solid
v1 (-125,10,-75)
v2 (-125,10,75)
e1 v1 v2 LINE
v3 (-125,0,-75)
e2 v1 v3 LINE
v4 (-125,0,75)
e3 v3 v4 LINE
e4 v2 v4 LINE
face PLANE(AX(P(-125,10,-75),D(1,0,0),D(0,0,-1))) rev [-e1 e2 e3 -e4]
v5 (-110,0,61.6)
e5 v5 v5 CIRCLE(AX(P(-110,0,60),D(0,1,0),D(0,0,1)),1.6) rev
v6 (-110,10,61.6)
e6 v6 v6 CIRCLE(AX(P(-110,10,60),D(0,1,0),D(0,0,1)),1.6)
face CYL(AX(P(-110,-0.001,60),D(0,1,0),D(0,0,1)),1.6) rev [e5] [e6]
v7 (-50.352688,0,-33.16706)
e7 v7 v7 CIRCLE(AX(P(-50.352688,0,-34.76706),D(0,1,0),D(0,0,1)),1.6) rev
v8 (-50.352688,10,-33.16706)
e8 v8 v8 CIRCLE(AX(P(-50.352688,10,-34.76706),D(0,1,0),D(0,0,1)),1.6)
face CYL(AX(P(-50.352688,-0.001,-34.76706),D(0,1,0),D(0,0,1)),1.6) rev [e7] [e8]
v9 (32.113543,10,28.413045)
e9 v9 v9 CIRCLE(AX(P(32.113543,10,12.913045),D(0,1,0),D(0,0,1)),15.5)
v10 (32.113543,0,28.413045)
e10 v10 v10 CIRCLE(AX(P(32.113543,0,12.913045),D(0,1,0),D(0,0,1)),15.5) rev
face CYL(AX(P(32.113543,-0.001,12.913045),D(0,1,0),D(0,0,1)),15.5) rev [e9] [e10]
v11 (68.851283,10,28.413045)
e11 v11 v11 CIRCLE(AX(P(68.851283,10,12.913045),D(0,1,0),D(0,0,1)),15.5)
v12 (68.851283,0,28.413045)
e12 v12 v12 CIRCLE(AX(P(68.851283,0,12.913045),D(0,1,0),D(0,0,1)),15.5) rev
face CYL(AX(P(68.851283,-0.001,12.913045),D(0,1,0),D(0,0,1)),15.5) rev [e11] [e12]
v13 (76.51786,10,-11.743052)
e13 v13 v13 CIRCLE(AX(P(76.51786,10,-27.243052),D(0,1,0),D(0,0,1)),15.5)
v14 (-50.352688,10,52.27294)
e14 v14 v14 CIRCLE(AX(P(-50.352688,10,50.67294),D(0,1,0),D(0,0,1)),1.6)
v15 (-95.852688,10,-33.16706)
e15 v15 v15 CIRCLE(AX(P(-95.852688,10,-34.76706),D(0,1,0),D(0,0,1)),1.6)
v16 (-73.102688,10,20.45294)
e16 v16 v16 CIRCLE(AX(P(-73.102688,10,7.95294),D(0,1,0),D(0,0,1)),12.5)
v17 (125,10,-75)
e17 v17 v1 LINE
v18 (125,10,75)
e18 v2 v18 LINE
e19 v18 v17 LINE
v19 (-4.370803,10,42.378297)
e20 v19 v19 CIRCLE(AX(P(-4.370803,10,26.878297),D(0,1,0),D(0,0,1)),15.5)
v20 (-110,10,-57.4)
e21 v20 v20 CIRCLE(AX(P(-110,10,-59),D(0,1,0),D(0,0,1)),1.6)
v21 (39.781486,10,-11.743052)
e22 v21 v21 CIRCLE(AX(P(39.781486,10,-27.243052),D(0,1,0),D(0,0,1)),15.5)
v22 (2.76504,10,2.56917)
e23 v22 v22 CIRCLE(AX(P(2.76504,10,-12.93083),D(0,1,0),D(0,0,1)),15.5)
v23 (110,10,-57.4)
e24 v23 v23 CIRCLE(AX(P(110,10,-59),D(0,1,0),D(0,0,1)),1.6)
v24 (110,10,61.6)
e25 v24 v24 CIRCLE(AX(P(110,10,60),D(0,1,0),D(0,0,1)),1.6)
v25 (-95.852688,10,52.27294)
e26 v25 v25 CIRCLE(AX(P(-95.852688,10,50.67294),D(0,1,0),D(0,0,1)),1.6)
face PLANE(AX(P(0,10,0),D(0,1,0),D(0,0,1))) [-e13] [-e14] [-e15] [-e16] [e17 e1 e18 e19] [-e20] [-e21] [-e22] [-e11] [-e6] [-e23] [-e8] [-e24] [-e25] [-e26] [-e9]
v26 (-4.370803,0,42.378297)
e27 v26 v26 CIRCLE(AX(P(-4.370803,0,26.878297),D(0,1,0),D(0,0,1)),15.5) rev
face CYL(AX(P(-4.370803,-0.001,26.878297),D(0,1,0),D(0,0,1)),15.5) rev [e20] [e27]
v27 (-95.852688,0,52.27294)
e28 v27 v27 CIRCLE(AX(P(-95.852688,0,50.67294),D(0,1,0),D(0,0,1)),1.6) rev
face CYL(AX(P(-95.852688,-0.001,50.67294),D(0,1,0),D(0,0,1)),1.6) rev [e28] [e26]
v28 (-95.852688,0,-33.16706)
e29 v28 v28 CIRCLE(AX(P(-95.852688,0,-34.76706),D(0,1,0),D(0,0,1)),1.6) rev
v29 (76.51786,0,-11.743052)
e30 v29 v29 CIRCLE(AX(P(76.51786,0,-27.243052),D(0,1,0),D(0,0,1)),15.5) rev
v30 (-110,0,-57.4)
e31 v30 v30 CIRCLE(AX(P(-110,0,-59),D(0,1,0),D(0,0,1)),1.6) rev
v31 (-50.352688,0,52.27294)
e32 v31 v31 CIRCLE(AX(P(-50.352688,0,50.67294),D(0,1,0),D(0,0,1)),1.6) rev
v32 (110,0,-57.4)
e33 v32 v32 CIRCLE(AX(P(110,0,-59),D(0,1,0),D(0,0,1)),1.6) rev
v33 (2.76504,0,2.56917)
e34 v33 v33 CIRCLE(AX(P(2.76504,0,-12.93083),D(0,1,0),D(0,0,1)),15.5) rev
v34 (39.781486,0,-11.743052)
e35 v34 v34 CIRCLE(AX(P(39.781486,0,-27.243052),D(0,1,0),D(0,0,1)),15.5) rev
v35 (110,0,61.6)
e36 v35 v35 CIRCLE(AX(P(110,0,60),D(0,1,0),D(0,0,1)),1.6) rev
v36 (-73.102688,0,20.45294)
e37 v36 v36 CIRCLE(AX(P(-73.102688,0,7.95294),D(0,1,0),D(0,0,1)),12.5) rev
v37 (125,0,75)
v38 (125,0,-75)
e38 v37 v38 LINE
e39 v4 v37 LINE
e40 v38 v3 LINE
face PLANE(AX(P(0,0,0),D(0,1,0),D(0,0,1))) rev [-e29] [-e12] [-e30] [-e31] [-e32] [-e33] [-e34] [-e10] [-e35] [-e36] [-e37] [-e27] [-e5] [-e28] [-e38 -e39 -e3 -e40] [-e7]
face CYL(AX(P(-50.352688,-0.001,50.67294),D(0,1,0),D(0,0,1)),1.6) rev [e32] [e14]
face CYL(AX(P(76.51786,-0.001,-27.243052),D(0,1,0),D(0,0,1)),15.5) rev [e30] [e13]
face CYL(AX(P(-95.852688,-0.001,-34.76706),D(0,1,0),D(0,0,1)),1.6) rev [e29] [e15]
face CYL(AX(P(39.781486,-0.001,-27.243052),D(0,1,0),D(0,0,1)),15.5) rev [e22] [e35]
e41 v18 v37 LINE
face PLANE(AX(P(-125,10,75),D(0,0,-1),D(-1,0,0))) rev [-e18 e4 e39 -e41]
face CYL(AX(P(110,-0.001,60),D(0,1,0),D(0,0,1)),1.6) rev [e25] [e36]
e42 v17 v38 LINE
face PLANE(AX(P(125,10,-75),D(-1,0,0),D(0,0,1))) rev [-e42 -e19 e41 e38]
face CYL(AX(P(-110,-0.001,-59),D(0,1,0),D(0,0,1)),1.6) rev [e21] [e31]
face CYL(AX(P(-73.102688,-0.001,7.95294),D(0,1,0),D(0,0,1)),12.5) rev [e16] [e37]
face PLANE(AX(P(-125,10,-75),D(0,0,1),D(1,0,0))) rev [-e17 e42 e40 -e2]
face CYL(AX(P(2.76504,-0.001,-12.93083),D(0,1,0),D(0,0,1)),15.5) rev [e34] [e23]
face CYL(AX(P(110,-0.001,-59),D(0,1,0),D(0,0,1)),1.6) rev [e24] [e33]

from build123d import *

# Parameters (mm, degrees)
CROQUIS1_W              = 250
CROQUIS1_H              = 150
SALIENTE_EXTRUIR1_DEPTH = 10
CORTAR_EXTRUIR1_REACH   = 12
CROQUIS2_R              = 12.5
CROQUIS2_R_2            = 15.5
CORTAR_EXTRUIR2_REACH   = 12
CROQUIS3_R              = 1.6


with BuildPart() as part:
    # Croquis1 → Saliente-Extruir1 (new body)
    with BuildSketch(Plane(origin=(0, 0, 0), x_dir=(1, 0, 0), z_dir=(0, 1, 0))):
        Rectangle(CROQUIS1_W, CROQUIS1_H)
    extrude(amount=SALIENTE_EXTRUIR1_DEPTH)

    # Croquis2 → Cortar-Extruir1 (cut, up to next)
    with BuildSketch(Plane(origin=(0, 10, 0), x_dir=(1, 0, 0), z_dir=(0, 1, 0)), mode=Mode.PRIVATE) as cortar_extruir1_sk1:
        with Locations((-73.102687588, -7.952940163)):
            Circle(CROQUIS2_R)
    cortar_extruir1_tool1 = extrude(cortar_extruir1_sk1.sketch, amount=-CORTAR_EXTRUIR1_REACH, mode=Mode.PRIVATE) & part.part
    add(cortar_extruir1_tool1.solids().sort_by_distance((-73.102688, 10, 7.95294))[0], mode=Mode.SUBTRACT)
    # Croquis2 → Cortar-Extruir1 (cut, up to next)
    with BuildSketch(Plane(origin=(0, 10, 0), x_dir=(1, 0, 0), z_dir=(0, 1, 0)), mode=Mode.PRIVATE) as cortar_extruir1_sk2:
        with Locations((-4.370803181, -26.878296525)):
            Circle(CROQUIS2_R_2)
    cortar_extruir1_tool2 = extrude(cortar_extruir1_sk2.sketch, amount=-CORTAR_EXTRUIR1_REACH, mode=Mode.PRIVATE) & part.part
    add(cortar_extruir1_tool2.solids().sort_by_distance((-4.370803, 10, 26.878297))[0], mode=Mode.SUBTRACT)
    # Croquis2 → Cortar-Extruir1 (cut, up to next)
    with BuildSketch(Plane(origin=(0, 10, 0), x_dir=(1, 0, 0), z_dir=(0, 1, 0)), mode=Mode.PRIVATE) as cortar_extruir1_sk3:
        with Locations((2.765040009, 12.93083036)):
            Circle(CROQUIS2_R_2)
    cortar_extruir1_tool3 = extrude(cortar_extruir1_sk3.sketch, amount=-CORTAR_EXTRUIR1_REACH, mode=Mode.PRIVATE) & part.part
    add(cortar_extruir1_tool3.solids().sort_by_distance((2.76504, 10, -12.93083))[0], mode=Mode.SUBTRACT)
    # Croquis2 → Cortar-Extruir1 (cut, up to next)
    with BuildSketch(Plane(origin=(0, 10, 0), x_dir=(1, 0, 0), z_dir=(0, 1, 0)), mode=Mode.PRIVATE) as cortar_extruir1_sk4:
        with Locations((39.781486463, 27.243051559)):
            Circle(CROQUIS2_R_2)
    cortar_extruir1_tool4 = extrude(cortar_extruir1_sk4.sketch, amount=-CORTAR_EXTRUIR1_REACH, mode=Mode.PRIVATE) & part.part
    add(cortar_extruir1_tool4.solids().sort_by_distance((39.781486, 10, -27.243052))[0], mode=Mode.SUBTRACT)
    # Croquis2 → Cortar-Extruir1 (cut, up to next)
    with BuildSketch(Plane(origin=(0, 10, 0), x_dir=(1, 0, 0), z_dir=(0, 1, 0)), mode=Mode.PRIVATE) as cortar_extruir1_sk5:
        with Locations((76.517860202, 27.243051559)):
            Circle(CROQUIS2_R_2)
    cortar_extruir1_tool5 = extrude(cortar_extruir1_sk5.sketch, amount=-CORTAR_EXTRUIR1_REACH, mode=Mode.PRIVATE) & part.part
    add(cortar_extruir1_tool5.solids().sort_by_distance((76.51786, 10, -27.243052))[0], mode=Mode.SUBTRACT)
    # Croquis2 → Cortar-Extruir1 (cut, up to next)
    with BuildSketch(Plane(origin=(0, 10, 0), x_dir=(1, 0, 0), z_dir=(0, 1, 0)), mode=Mode.PRIVATE) as cortar_extruir1_sk6:
        with Locations((68.851282971, -12.913044543)):
            Circle(CROQUIS2_R_2)
    cortar_extruir1_tool6 = extrude(cortar_extruir1_sk6.sketch, amount=-CORTAR_EXTRUIR1_REACH, mode=Mode.PRIVATE) & part.part
    add(cortar_extruir1_tool6.solids().sort_by_distance((68.851283, 10, 12.913045))[0], mode=Mode.SUBTRACT)
    # Croquis2 → Cortar-Extruir1 (cut, up to next)
    with BuildSketch(Plane(origin=(0, 10, 0), x_dir=(1, 0, 0), z_dir=(0, 1, 0)), mode=Mode.PRIVATE) as cortar_extruir1_sk7:
        with Locations((32.113542958, -12.913044543)):
            Circle(CROQUIS2_R_2)
    cortar_extruir1_tool7 = extrude(cortar_extruir1_sk7.sketch, amount=-CORTAR_EXTRUIR1_REACH, mode=Mode.PRIVATE) & part.part
    add(cortar_extruir1_tool7.solids().sort_by_distance((32.113543, 10, 12.913045))[0], mode=Mode.SUBTRACT)

    # Croquis3 → Cortar-Extruir2 (cut, up to next)
    with BuildSketch(Plane(origin=(0, 10, 0), x_dir=(1, 0, 0), z_dir=(0, 1, 0)), mode=Mode.PRIVATE) as cortar_extruir2_sk1:
        with Locations((-110, 59)):
            Circle(CROQUIS3_R)
    cortar_extruir2_tool1 = extrude(cortar_extruir2_sk1.sketch, amount=-CORTAR_EXTRUIR2_REACH, mode=Mode.PRIVATE) & part.part
    add(cortar_extruir2_tool1.solids().sort_by_distance((-110, 10, -59))[0], mode=Mode.SUBTRACT)
    # Croquis3 → Cortar-Extruir2 (cut, up to next)
    with BuildSketch(Plane(origin=(0, 10, 0), x_dir=(1, 0, 0), z_dir=(0, 1, 0)), mode=Mode.PRIVATE) as cortar_extruir2_sk2:
        with Locations((110, 59)):
            Circle(CROQUIS3_R)
    cortar_extruir2_tool2 = extrude(cortar_extruir2_sk2.sketch, amount=-CORTAR_EXTRUIR2_REACH, mode=Mode.PRIVATE) & part.part
    add(cortar_extruir2_tool2.solids().sort_by_distance((110, 10, -59))[0], mode=Mode.SUBTRACT)
    # Croquis3 → Cortar-Extruir2 (cut, up to next)
    with BuildSketch(Plane(origin=(0, 10, 0), x_dir=(1, 0, 0), z_dir=(0, 1, 0)), mode=Mode.PRIVATE) as cortar_extruir2_sk3:
        with Locations((110, -60)):
            Circle(CROQUIS3_R)
    cortar_extruir2_tool3 = extrude(cortar_extruir2_sk3.sketch, amount=-CORTAR_EXTRUIR2_REACH, mode=Mode.PRIVATE) & part.part
    add(cortar_extruir2_tool3.solids().sort_by_distance((110, 10, 60))[0], mode=Mode.SUBTRACT)
    # Croquis3 → Cortar-Extruir2 (cut, up to next)
    with BuildSketch(Plane(origin=(0, 10, 0), x_dir=(1, 0, 0), z_dir=(0, 1, 0)), mode=Mode.PRIVATE) as cortar_extruir2_sk4:
        with Locations((-110, -60)):
            Circle(CROQUIS3_R)
    cortar_extruir2_tool4 = extrude(cortar_extruir2_sk4.sketch, amount=-CORTAR_EXTRUIR2_REACH, mode=Mode.PRIVATE) & part.part
    add(cortar_extruir2_tool4.solids().sort_by_distance((-110, 10, 60))[0], mode=Mode.SUBTRACT)
    # Croquis3 → Cortar-Extruir2 (cut, up to next)
    with BuildSketch(Plane(origin=(0, 10, 0), x_dir=(1, 0, 0), z_dir=(0, 1, 0)), mode=Mode.PRIVATE) as cortar_extruir2_sk5:
        with Locations((-50.352687588, 34.767059837)):
            Circle(CROQUIS3_R)
    cortar_extruir2_tool5 = extrude(cortar_extruir2_sk5.sketch, amount=-CORTAR_EXTRUIR2_REACH, mode=Mode.PRIVATE) & part.part
    add(cortar_extruir2_tool5.solids().sort_by_distance((-50.352688, 10, -34.76706))[0], mode=Mode.SUBTRACT)
    # Croquis3 → Cortar-Extruir2 (cut, up to next)
    with BuildSketch(Plane(origin=(0, 10, 0), x_dir=(1, 0, 0), z_dir=(0, 1, 0)), mode=Mode.PRIVATE) as cortar_extruir2_sk6:
        with Locations((-50.352687588, -50.672940163)):
            Circle(CROQUIS3_R)
    cortar_extruir2_tool6 = extrude(cortar_extruir2_sk6.sketch, amount=-CORTAR_EXTRUIR2_REACH, mode=Mode.PRIVATE) & part.part
    add(cortar_extruir2_tool6.solids().sort_by_distance((-50.352688, 10, 50.67294))[0], mode=Mode.SUBTRACT)
    # Croquis3 → Cortar-Extruir2 (cut, up to next)
    with BuildSketch(Plane(origin=(0, 10, 0), x_dir=(1, 0, 0), z_dir=(0, 1, 0)), mode=Mode.PRIVATE) as cortar_extruir2_sk7:
        with Locations((-95.852687588, -50.672940163)):
            Circle(CROQUIS3_R)
    cortar_extruir2_tool7 = extrude(cortar_extruir2_sk7.sketch, amount=-CORTAR_EXTRUIR2_REACH, mode=Mode.PRIVATE) & part.part
    add(cortar_extruir2_tool7.solids().sort_by_distance((-95.852688, 10, 50.67294))[0], mode=Mode.SUBTRACT)
    # Croquis3 → Cortar-Extruir2 (cut, up to next)
    with BuildSketch(Plane(origin=(0, 10, 0), x_dir=(1, 0, 0), z_dir=(0, 1, 0)), mode=Mode.PRIVATE) as cortar_extruir2_sk8:
        with Locations((-95.852687588, 34.767059837)):
            Circle(CROQUIS3_R)
    cortar_extruir2_tool8 = extrude(cortar_extruir2_sk8.sketch, amount=-CORTAR_EXTRUIR2_REACH, mode=Mode.PRIVATE) & part.part
    add(cortar_extruir2_tool8.solids().sort_by_distance((-95.852688, 10, -34.76706))[0], mode=Mode.SUBTRACT)


solid = part.part
